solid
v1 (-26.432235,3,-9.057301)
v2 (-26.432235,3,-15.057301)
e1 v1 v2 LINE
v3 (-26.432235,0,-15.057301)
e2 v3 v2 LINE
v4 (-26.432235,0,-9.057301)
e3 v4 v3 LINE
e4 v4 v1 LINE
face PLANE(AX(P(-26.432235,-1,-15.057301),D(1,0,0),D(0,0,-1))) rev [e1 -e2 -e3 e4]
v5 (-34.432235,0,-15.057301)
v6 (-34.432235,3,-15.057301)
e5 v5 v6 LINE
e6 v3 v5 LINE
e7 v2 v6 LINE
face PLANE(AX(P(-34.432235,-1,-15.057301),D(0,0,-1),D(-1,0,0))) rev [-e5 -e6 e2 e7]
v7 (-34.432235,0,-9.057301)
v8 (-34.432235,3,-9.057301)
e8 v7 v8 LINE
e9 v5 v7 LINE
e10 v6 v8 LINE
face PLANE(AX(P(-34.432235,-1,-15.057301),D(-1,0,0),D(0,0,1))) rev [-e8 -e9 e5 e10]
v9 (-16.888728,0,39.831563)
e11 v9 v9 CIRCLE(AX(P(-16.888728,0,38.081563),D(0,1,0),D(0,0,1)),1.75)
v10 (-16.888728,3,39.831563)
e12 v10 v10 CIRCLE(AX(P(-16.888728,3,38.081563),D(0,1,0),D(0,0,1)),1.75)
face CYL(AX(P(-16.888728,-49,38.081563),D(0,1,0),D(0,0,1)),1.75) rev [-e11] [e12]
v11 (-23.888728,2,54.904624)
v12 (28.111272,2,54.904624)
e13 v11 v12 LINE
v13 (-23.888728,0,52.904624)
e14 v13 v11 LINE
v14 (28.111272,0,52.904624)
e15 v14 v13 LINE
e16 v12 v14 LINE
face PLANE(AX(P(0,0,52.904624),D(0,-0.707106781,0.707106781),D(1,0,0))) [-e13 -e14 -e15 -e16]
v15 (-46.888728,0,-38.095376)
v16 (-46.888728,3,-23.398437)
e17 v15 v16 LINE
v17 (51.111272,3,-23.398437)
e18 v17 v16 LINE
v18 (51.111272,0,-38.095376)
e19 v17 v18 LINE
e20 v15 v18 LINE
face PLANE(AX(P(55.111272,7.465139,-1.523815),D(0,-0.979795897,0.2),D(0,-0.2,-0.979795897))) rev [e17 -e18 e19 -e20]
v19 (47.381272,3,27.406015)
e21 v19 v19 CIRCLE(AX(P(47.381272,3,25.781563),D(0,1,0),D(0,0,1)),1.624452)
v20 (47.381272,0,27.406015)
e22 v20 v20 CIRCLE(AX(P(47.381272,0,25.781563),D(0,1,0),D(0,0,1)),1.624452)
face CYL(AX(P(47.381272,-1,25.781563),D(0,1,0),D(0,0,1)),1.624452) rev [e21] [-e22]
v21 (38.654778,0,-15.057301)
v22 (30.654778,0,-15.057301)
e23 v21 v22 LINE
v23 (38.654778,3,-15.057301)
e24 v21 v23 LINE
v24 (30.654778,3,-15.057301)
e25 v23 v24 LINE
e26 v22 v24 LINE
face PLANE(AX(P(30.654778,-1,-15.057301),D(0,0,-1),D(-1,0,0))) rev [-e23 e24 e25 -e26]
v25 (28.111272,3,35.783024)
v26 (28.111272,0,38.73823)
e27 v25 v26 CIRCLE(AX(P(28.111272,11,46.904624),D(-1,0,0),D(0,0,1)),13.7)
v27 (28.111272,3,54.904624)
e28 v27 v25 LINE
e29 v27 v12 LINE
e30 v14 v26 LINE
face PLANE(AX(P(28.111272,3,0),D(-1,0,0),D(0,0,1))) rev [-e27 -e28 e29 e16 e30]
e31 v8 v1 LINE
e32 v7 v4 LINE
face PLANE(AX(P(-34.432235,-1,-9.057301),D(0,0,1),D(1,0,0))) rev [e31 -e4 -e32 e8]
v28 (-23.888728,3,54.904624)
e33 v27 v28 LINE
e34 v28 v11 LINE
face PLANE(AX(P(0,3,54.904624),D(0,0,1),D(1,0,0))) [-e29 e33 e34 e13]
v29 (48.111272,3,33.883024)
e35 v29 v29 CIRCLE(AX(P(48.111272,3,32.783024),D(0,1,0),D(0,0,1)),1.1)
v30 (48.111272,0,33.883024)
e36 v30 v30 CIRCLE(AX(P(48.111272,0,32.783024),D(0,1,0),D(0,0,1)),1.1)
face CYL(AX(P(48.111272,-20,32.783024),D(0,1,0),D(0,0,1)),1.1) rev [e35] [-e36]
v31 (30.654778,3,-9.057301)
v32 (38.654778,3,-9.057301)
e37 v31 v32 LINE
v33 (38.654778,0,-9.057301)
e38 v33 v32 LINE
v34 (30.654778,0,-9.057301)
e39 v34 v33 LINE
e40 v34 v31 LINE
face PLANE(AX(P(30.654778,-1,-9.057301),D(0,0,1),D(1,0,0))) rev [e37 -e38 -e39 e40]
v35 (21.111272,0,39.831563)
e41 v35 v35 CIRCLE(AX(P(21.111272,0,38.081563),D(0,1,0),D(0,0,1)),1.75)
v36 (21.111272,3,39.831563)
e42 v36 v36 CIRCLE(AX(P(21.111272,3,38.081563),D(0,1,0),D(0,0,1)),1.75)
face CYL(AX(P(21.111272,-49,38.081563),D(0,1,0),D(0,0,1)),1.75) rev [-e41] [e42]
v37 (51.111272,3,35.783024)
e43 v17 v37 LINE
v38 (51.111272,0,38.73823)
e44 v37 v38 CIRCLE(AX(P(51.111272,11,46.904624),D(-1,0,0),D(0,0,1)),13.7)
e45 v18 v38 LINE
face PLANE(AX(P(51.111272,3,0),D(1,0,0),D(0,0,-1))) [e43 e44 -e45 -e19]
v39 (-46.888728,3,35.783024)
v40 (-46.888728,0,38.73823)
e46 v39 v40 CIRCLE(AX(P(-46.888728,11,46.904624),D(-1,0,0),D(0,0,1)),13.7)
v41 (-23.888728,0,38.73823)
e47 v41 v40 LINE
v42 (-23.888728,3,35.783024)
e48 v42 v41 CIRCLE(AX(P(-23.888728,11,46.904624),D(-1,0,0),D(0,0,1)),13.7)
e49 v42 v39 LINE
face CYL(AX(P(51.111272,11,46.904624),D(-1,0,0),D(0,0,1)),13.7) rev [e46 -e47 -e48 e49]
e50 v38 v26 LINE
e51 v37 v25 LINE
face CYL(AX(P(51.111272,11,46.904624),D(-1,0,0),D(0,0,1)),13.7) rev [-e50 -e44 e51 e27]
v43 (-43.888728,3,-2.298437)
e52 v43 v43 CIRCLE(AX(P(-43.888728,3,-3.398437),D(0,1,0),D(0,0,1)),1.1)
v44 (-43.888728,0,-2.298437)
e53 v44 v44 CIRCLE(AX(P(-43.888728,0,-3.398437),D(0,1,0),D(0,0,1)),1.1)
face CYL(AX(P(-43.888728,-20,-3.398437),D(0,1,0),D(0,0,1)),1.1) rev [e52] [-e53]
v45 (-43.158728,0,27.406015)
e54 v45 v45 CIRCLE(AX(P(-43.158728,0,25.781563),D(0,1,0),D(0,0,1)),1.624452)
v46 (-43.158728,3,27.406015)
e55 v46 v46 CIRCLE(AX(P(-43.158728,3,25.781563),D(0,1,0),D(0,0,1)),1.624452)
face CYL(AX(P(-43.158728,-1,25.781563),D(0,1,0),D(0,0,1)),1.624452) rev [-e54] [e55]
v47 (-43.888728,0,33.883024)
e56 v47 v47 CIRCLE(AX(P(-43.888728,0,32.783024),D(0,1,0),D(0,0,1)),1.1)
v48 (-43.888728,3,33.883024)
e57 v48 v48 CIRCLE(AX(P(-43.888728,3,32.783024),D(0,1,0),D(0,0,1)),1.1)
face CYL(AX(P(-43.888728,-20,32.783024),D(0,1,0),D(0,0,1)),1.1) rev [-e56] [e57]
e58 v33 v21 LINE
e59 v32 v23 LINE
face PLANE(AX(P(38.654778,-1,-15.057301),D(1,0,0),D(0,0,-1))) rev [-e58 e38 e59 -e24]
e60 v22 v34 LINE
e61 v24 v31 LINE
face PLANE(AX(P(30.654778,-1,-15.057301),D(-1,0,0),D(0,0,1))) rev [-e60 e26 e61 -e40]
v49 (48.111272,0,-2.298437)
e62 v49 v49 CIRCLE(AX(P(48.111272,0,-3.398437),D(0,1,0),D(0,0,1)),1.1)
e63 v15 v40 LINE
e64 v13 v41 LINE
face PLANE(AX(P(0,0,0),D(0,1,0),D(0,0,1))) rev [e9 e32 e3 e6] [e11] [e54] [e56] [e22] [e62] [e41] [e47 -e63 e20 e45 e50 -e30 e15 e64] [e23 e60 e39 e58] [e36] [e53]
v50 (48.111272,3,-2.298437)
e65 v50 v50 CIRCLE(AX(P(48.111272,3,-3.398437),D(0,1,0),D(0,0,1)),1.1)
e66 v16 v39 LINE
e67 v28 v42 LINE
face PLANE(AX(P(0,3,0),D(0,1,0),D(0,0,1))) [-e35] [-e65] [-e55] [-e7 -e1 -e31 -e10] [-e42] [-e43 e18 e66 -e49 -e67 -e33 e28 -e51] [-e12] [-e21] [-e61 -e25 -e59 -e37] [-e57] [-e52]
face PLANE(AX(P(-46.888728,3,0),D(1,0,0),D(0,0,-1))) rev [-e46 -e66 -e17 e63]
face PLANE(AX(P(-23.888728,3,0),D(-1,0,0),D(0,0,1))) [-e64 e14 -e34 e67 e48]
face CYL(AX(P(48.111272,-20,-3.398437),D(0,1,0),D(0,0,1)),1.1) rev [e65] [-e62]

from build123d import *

# Parameters (mm, degrees)
SALIENTE_EXTRUIR1_DEPTH = 3
CORTAR_EXTRUIR1_DEPTH   = 102
SALIENTE_EXTRUIR2_DEPTH = 98
CORTAR_EXTRUIR2_DEPTH   = 23
CORTAR_EXTRUIR3_START   = -75
CORTAR_EXTRUIR3_DEPTH   = 23
CHAFL_N1_SIZE           = 2
CROQUIS3_R              = 1.1
CORTAR_EXTRUIR4_DEPTH   = 23
CROQUIS5_R              = 1.75
CORTAR_EXTRUIR5_DEPTH   = 52
CROQUIS6_R              = 1.624451876
CORTAR_EXTRUIR6_DEPTH   = 4
CROQUIS7_R              = 1.624451876
CORTAR_EXTRUIR7_DEPTH   = 4
CROQUIS8_W              = 8
CROQUIS8_H              = 6
CORTAR_EXTRUIR8_DEPTH   = 4


with BuildPart() as part:
    # Croquis1 → Saliente-Extruir1 (new body)
    with BuildSketch(Plane(origin=(0, 0, 0), x_dir=(1, 0, 0), z_dir=(0, 1, 0))):
        Polygon((51.111271676, 38.095375723), (-46.888728324, 38.095375723), (-46.888728324, -36.904624277), (-23.888728324, -36.904624277), (-23.888728324, -54.904624277), (28.111271676, -54.904624277), (28.111271676, -36.904624277), (51.111271676, -36.904624277), align=None)
    extrude(amount=SALIENTE_EXTRUIR1_DEPTH)

    # Croquis2 → Cortar-Extruir1 (cut)
    with BuildSketch(Plane.ZY.offset(46.888728324)):
        Polygon((-38.095375723, 3), (-38.095375723, 0), (-23.398437266, 3), align=None)
    extrude(amount=-CORTAR_EXTRUIR1_DEPTH, mode=Mode.SUBTRACT)

    # Croquis2<4> → Saliente-Extruir2 (add)
    with BuildSketch(Plane.ZY.offset(46.888728324)):
        with BuildLine():
            Line((36.904624277, 1.635706113), (36.904624277, 0))
            Line((36.904624277, 0), (38.738229724, 0))
            ThreePointArc((38.738229724, 0), (37.784681493, 0.776661817), (36.904624277, 1.635706113))
        make_face()
    extrude(amount=-SALIENTE_EXTRUIR2_DEPTH)

    # Croquis2<5> → Cortar-Extruir2 (cut)
    with BuildSketch(Plane.ZY.offset(46.888728324)):
        with BuildLine():
            ThreePointArc((35.783023673, 3), (36.321816168, 2.299760203), (36.904624277, 1.635706113))
            Line((36.904624277, 1.635706113), (36.904624277, 2.693376137))
            ThreePointArc((36.904624277, 2.693376137), (36.779988068, 2.845753154), (36.657673511, 3))
            Line((36.657673511, 3), (35.783023673, 3))
        make_face()
        with BuildLine():
            ThreePointArc((36.657673511, 3), (36.779988068, 2.845753154), (36.904624277, 2.693376137))
            Line((36.904624277, 2.693376137), (36.904624277, 3))
            Line((36.904624277, 3), (36.657673511, 3))
        make_face()
    extrude(amount=-CORTAR_EXTRUIR2_DEPTH, mode=Mode.SUBTRACT)

    # Croquis2<6> → Cortar-Extruir3 (cut)
    with BuildSketch(Plane.ZY.offset(46.888728324).offset(CORTAR_EXTRUIR3_START)):
        with BuildLine():
            ThreePointArc((35.783023673, 3), (36.321816168, 2.299760203), (36.904624277, 1.635706113))
            Line((36.904624277, 1.635706113), (36.904624277, 2.693376137))
            ThreePointArc((36.904624277, 2.693376137), (36.779988068, 2.845753154), (36.657673511, 3))
            Line((36.657673511, 3), (35.783023673, 3))
        make_face()
        with BuildLine():
            ThreePointArc((36.657673511, 3), (36.779988068, 2.845753154), (36.904624277, 2.693376137))
            Line((36.904624277, 2.693376137), (36.904624277, 3))
            Line((36.904624277, 3), (36.657673511, 3))
        make_face()
    extrude(amount=-CORTAR_EXTRUIR3_DEPTH, mode=Mode.SUBTRACT)

    # Chaflán1
    chafl_n1_edges = [part.edges().sort_by_distance(p)[0] for p in [
        (2.111271676, 0, 54.904624277),
    ]]
    chamfer(chafl_n1_edges, length=CHAFL_N1_SIZE)

    # Croquis3 → Cortar-Extruir4 (cut)
    with BuildSketch(Plane(origin=(0, 3, 0), x_dir=(1, 0, 0), z_dir=(0, 1, 0))):
        with Locations(Location((-43.888728324, 3.398437266, 0), (0, 0, 270))):
            Circle(CROQUIS3_R)
        with Locations(Location((-43.888728324, -32.783023673, 0), (0, 0, 270))):
            Circle(CROQUIS3_R)
        with Locations(Location((48.111271676, -32.783023673, 0), (0, 0, 270))):
            Circle(CROQUIS3_R)
        with Locations(Location((48.111271676, 3.398437266, 0), (0, 0, 270))):
            Circle(CROQUIS3_R)
    extrude(amount=-CORTAR_EXTRUIR4_DEPTH, mode=Mode.SUBTRACT)

    # Croquis5 → Cortar-Extruir5 (cut)
    with BuildSketch(Plane(origin=(0, 3, 0), x_dir=(1, 0, 0), z_dir=(0, 1, 0))):
        with Locations(Location((-16.888728324, -38.081562734, 0), (0, 0, 270))):
            Circle(CROQUIS5_R)
        with Locations(Location((21.111271676, -38.081562734, 0), (0, 0, 270))):
            Circle(CROQUIS5_R)
    extrude(amount=-CORTAR_EXTRUIR5_DEPTH, mode=Mode.SUBTRACT)

    # Croquis6 → Cortar-Extruir6 (cut)
    with BuildSketch(Plane(origin=(0, 3, 0), x_dir=(1, 0, 0), z_dir=(0, 1, 0))):
        with Locations(Location((47.381271676, -25.781562734, 0), (0, 0, 270))):
            Circle(CROQUIS6_R)
    extrude(amount=-CORTAR_EXTRUIR6_DEPTH, mode=Mode.SUBTRACT)

    # Croquis7 → Cortar-Extruir7 (cut)
    with BuildSketch(Plane(origin=(0, 3, 0), x_dir=(1, 0, 0), z_dir=(0, 1, 0))):
        with Locations(Location((-43.158728324, -25.781562734, 0), (0, 0, 270))):
            Circle(CROQUIS7_R)
    extrude(amount=-CORTAR_EXTRUIR7_DEPTH, mode=Mode.SUBTRACT)

    # Croquis8 → Cortar-Extruir8 (cut)
    with BuildSketch(Plane(origin=(0, 3, 0), x_dir=(1, 0, 0), z_dir=(0, 1, 0))):
        with Locations((-30.432234651, 12.05730105)):
            Rectangle(CROQUIS8_W, CROQUIS8_H)
        with Locations((34.654778004, 12.05730105)):
            Rectangle(CROQUIS8_W, CROQUIS8_H)
    extrude(amount=-CORTAR_EXTRUIR8_DEPTH, mode=Mode.SUBTRACT)


solid = part.part
